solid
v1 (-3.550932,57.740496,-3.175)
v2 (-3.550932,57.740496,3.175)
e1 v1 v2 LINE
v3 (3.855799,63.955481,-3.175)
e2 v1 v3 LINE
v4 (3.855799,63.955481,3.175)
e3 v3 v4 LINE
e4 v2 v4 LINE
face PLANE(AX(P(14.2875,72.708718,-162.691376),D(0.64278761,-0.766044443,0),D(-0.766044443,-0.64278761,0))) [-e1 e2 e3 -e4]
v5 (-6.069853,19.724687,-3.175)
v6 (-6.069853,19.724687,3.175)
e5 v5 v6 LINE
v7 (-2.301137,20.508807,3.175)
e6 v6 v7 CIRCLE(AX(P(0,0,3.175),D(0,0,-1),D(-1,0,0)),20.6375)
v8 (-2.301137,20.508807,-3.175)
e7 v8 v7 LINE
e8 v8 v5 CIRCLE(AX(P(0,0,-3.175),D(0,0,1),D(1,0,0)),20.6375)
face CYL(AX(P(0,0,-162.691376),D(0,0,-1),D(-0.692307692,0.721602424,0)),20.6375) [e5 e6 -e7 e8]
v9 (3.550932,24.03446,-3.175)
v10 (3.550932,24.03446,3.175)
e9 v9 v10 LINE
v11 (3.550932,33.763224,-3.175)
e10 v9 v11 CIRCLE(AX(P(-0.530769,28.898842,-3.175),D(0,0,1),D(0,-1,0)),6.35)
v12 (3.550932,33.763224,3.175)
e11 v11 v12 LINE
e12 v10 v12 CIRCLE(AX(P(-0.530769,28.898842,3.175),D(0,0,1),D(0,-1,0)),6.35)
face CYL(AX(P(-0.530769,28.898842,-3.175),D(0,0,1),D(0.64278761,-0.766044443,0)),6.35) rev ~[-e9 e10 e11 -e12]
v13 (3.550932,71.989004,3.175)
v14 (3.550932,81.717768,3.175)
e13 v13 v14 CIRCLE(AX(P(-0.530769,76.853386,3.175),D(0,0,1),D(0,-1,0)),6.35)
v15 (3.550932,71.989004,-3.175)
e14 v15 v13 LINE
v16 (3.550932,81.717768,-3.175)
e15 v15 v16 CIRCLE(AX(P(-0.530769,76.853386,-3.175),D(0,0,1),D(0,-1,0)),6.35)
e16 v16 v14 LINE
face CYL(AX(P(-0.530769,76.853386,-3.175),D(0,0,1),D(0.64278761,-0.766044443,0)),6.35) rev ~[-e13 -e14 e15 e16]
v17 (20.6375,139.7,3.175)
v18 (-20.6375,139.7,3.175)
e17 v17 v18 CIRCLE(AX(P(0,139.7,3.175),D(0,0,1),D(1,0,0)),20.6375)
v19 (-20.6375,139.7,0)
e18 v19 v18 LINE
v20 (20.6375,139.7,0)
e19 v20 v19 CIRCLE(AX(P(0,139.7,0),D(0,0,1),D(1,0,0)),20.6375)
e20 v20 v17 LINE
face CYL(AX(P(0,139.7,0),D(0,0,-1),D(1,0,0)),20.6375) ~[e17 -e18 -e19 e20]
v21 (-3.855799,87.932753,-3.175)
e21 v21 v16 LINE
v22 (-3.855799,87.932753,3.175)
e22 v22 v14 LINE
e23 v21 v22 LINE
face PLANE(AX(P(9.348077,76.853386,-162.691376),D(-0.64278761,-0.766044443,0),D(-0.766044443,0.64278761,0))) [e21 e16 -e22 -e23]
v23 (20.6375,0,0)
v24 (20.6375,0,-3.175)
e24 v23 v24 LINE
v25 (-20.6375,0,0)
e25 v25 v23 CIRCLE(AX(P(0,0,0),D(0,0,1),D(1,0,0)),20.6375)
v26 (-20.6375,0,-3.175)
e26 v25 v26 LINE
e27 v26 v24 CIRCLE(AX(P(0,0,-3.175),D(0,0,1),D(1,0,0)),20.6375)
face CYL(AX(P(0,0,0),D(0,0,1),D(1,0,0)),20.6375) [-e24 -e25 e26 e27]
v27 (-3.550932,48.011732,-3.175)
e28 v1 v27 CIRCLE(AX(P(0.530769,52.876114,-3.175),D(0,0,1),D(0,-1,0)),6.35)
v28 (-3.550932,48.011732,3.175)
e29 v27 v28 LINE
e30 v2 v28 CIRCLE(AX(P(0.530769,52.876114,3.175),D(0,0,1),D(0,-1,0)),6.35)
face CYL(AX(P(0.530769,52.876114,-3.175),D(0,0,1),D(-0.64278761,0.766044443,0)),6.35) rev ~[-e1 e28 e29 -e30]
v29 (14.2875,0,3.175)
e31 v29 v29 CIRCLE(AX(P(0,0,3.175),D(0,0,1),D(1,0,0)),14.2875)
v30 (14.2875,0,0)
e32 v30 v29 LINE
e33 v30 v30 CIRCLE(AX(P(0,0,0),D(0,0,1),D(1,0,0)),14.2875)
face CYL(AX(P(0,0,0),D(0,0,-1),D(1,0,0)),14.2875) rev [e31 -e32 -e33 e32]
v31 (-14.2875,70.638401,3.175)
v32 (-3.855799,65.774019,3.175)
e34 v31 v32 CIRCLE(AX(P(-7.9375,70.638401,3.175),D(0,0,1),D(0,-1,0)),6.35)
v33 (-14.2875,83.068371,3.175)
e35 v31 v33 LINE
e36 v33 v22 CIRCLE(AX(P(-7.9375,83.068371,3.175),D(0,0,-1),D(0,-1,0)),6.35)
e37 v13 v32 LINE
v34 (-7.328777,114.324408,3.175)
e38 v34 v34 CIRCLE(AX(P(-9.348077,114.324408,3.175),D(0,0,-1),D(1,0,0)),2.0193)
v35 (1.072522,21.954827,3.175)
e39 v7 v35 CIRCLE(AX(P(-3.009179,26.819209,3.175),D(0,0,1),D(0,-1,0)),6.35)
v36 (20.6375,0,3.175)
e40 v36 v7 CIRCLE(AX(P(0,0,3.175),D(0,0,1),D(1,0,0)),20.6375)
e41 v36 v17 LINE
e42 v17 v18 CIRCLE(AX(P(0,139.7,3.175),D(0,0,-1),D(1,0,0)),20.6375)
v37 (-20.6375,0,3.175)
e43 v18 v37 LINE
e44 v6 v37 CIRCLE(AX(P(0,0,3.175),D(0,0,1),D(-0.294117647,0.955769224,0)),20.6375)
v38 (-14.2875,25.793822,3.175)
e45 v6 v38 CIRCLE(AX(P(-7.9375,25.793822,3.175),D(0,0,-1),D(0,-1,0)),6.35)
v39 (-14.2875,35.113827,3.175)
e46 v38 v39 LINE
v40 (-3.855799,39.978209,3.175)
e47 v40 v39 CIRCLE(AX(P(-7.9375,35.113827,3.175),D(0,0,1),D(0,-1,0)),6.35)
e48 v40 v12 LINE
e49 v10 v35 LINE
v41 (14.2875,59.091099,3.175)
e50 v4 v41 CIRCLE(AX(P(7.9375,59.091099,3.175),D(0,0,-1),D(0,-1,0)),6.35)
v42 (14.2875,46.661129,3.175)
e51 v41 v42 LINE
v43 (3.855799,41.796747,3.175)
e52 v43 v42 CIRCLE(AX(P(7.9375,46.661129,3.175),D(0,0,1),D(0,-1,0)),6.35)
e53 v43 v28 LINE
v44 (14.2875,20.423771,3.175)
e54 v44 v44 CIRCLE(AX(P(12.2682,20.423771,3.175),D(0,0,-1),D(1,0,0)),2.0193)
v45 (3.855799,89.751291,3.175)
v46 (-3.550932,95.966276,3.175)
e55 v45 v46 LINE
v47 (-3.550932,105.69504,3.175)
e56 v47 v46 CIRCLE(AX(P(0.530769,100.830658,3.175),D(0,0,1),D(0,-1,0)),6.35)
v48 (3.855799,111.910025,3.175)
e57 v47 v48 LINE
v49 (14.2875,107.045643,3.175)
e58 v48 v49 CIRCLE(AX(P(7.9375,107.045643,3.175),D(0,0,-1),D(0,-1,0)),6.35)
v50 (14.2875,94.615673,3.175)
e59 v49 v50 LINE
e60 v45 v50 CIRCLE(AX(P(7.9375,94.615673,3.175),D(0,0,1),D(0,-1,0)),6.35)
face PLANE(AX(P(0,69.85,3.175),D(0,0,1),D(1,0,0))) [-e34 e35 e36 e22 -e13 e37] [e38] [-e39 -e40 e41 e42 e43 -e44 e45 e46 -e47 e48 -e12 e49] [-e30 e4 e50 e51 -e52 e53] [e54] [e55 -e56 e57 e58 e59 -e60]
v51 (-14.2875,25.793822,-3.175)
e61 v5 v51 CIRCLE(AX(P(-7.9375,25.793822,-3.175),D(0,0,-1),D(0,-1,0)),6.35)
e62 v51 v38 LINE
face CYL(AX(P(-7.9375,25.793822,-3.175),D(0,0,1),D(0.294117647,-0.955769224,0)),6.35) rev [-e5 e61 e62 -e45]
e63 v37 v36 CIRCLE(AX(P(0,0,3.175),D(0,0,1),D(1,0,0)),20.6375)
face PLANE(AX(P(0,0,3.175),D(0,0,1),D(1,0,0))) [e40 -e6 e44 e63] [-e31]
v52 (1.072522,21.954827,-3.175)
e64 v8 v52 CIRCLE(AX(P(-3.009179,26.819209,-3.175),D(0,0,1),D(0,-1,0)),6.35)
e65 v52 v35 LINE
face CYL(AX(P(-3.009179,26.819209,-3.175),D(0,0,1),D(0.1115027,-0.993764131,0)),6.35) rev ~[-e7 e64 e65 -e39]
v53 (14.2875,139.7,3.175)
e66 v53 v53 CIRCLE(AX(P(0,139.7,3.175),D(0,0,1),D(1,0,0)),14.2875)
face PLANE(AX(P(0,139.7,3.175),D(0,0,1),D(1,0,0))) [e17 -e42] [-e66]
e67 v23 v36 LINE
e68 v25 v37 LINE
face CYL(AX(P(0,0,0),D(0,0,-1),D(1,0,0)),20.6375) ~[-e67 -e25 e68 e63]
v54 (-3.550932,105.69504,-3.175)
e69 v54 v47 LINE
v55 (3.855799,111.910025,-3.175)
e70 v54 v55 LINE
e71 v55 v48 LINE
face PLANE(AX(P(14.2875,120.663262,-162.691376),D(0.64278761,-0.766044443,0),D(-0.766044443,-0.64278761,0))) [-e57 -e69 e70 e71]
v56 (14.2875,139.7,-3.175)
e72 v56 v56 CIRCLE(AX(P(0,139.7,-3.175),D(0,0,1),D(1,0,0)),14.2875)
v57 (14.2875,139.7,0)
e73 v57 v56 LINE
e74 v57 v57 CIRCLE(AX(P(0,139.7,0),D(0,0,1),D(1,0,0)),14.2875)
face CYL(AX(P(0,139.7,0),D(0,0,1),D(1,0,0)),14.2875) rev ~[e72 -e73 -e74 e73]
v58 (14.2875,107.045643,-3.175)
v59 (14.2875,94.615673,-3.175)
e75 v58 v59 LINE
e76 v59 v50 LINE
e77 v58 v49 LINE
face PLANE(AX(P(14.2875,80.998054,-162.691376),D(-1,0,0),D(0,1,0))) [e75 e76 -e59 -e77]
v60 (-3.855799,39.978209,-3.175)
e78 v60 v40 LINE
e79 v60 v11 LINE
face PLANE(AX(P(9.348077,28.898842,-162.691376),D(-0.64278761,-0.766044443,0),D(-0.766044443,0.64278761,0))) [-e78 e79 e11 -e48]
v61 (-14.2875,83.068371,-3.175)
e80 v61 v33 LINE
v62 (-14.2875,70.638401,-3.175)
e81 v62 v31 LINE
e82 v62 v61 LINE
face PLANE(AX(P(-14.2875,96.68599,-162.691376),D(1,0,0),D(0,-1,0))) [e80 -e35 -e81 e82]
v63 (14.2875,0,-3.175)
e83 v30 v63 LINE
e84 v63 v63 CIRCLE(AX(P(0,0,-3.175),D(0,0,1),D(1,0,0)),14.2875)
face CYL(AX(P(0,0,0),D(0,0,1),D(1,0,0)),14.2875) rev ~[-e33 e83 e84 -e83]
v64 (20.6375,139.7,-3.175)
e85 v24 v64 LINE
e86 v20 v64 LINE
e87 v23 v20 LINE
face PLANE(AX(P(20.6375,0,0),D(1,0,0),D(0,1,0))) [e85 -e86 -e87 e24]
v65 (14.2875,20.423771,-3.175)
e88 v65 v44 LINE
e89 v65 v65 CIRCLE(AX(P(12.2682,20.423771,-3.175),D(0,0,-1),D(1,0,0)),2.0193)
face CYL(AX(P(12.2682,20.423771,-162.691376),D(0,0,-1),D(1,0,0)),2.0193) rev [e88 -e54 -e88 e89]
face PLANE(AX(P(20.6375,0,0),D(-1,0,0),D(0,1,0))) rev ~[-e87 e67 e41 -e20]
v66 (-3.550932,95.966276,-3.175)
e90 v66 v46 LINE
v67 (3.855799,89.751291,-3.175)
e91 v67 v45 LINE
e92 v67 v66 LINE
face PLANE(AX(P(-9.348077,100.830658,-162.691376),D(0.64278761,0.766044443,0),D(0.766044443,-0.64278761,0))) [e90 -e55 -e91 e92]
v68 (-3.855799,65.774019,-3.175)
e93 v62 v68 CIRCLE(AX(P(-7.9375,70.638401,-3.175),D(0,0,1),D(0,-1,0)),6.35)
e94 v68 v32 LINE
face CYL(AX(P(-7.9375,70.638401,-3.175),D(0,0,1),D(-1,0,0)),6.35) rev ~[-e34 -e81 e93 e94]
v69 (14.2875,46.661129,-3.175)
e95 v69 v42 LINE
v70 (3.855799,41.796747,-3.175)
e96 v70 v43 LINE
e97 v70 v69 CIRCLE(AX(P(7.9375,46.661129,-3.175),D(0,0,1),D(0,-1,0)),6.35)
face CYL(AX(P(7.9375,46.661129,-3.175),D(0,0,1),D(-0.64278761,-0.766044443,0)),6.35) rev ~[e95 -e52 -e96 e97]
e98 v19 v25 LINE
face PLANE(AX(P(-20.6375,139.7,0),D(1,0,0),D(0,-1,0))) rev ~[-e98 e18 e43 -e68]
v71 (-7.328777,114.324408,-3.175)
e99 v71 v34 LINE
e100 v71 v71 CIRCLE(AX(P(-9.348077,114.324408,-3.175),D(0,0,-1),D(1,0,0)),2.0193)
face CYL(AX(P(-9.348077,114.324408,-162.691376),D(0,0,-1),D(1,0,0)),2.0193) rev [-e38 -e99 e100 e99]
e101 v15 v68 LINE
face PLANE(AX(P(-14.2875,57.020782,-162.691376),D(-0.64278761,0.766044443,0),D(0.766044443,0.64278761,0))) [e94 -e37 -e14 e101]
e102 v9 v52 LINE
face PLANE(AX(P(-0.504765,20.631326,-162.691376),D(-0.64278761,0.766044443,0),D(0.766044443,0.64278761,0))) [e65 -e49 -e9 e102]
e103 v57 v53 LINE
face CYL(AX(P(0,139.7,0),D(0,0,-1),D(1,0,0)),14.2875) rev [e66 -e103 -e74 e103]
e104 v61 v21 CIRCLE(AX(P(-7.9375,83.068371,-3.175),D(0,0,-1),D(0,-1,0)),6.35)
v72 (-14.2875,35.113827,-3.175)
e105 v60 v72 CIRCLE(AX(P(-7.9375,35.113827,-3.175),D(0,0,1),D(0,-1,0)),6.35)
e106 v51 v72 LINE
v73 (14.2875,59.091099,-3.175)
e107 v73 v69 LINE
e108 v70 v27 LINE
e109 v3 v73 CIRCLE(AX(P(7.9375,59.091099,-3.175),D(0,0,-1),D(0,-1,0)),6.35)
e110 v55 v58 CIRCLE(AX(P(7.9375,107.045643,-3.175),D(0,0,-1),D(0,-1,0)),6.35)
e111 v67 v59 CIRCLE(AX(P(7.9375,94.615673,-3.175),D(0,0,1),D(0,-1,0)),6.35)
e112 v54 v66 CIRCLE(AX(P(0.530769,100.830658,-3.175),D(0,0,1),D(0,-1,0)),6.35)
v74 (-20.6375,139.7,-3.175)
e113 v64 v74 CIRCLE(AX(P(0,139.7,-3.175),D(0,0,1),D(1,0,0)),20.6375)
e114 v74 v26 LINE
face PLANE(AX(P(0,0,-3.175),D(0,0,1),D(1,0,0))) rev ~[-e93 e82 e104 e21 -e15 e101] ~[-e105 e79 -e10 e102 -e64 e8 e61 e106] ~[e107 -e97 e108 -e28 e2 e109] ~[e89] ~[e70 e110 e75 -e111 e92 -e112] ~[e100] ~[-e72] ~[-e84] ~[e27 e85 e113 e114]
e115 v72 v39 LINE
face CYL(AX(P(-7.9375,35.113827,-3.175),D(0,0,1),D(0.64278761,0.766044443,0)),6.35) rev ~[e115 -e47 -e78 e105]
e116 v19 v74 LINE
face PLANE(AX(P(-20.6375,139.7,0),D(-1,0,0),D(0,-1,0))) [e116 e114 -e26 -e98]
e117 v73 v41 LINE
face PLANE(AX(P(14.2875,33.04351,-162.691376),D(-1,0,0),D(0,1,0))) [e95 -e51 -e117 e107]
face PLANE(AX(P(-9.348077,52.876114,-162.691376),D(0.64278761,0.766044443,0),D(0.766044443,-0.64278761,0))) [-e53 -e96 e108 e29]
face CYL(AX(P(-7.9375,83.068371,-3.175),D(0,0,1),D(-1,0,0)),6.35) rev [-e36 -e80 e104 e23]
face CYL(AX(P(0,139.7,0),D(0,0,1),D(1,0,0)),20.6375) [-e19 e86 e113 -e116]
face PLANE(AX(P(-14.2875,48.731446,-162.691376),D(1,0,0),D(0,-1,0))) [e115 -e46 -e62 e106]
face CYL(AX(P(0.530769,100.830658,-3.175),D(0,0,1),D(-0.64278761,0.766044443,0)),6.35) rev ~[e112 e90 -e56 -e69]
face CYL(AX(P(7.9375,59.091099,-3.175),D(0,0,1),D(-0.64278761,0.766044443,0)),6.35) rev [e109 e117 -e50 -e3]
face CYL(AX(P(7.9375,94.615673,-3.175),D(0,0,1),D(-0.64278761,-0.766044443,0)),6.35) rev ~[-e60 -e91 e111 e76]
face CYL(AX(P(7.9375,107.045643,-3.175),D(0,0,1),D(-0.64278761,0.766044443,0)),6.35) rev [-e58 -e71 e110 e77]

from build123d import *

# Parameters (mm, degrees)
SKETCH2_R               = 20.6375
SKETCH2_R_2             = 14.2875
BOSS_EXTRUDE1_DEPTH     = 3.175
CUT_EXTRUDE1_DEPTH      = 162.691375582
CUT_EXTRUDE1_DEPTH_BACK = 162.691375582
SKETCH3_R               = 2.0193
FILLET2_R               = 6.35


with BuildPart() as part:
    # Sketch2 → Boss-Extrude1 (new, symmetric)
    # profile 1 of 3: a face of its own
    with BuildSketch(Plane.XY):
        with BuildLine():
            Line((20.6375, 0), (20.6375, 139.7))
            ThreePointArc((20.6375, 139.7), (0, 119.0625), (-20.6375, 139.7))
            Line((-20.6375, 139.7), (-20.6375, 0))
            ThreePointArc((-20.6375, 0), (0, 20.6375), (20.6375, 0))
        make_face()
    # profile 2 of 3: a face of its own
    with BuildSketch(Plane.XY):
        with Locations((0, 139.7)):
            Circle(SKETCH2_R)
        with Locations((0, 139.7)):
            Circle(SKETCH2_R_2, mode=Mode.SUBTRACT)
    # profile 3 of 3: a face of its own
    with BuildSketch(Plane.XY):
        Circle(SKETCH2_R)
        Circle(SKETCH2_R_2, mode=Mode.SUBTRACT)
    extrude(amount=BOSS_EXTRUDE1_DEPTH, both=True)

    # Sketch3 → Cut-Extrude1 (cut, two sides: drawn at the far end of the back side and taken through both)
    with BuildSketch(Plane.XY.offset(-CUT_EXTRUDE1_DEPTH_BACK)):
        Polygon((14.2875, 80.998054184), (14.2875, 120.663261819), (-9.34807685, 100.830658002), align=None)
        Polygon((9.34807685, 76.853386041), (-14.2875, 96.685989858), (-14.2875, 57.020782224), align=None)
        Polygon((14.2875, 33.043510263), (14.2875, 72.708717897), (-9.34807685, 52.87611408), align=None)
        with BuildLine():
            Line((9.34807685, 28.898842119), (-14.2875, 48.731445936))
            Line((-14.2875, 48.731445936), (-14.2875, 14.892070037))
            ThreePointArc((-14.2875, 14.892070037), (-7.933318425, 19.051741785), (-0.504765013, 20.631326146))
            Line((-0.504765013, 20.631326146), (9.34807685, 28.898842119))
        make_face()
        with Locations((-9.34807685, 114.324408002)):
            Circle(SKETCH3_R)
        with Locations((12.2682, 20.423771151)):
            Circle(SKETCH3_R)
    extrude(amount=CUT_EXTRUDE1_DEPTH + CUT_EXTRUDE1_DEPTH_BACK, mode=Mode.SUBTRACT)

    # Fillet2
    fillet2_edges = [part.edges().sort_by_distance(p)[0] for p in [
        (-0.504765013, 20.631326146, 0),
        (-14.2875, 14.892070037, 0),
        (-14.2875, 48.731445936, 0),
        (9.34807685, 28.898842119, 0),
        (9.34807685, 76.853386041, 0),
        (-14.2875, 57.020782224, 0),
        (-14.2875, 96.685989858, 0),
        (-9.34807685, 52.87611408, 0),
        (14.2875, 72.708717897, 0),
        (14.2875, 33.043510263, 0),
        (-9.34807685, 100.830658002, 0),
        (14.2875, 120.663261819, 0),
        (14.2875, 80.998054184, 0),
    ]]
    fillet(fillet2_edges, radius=FILLET2_R)


solid = part.part
